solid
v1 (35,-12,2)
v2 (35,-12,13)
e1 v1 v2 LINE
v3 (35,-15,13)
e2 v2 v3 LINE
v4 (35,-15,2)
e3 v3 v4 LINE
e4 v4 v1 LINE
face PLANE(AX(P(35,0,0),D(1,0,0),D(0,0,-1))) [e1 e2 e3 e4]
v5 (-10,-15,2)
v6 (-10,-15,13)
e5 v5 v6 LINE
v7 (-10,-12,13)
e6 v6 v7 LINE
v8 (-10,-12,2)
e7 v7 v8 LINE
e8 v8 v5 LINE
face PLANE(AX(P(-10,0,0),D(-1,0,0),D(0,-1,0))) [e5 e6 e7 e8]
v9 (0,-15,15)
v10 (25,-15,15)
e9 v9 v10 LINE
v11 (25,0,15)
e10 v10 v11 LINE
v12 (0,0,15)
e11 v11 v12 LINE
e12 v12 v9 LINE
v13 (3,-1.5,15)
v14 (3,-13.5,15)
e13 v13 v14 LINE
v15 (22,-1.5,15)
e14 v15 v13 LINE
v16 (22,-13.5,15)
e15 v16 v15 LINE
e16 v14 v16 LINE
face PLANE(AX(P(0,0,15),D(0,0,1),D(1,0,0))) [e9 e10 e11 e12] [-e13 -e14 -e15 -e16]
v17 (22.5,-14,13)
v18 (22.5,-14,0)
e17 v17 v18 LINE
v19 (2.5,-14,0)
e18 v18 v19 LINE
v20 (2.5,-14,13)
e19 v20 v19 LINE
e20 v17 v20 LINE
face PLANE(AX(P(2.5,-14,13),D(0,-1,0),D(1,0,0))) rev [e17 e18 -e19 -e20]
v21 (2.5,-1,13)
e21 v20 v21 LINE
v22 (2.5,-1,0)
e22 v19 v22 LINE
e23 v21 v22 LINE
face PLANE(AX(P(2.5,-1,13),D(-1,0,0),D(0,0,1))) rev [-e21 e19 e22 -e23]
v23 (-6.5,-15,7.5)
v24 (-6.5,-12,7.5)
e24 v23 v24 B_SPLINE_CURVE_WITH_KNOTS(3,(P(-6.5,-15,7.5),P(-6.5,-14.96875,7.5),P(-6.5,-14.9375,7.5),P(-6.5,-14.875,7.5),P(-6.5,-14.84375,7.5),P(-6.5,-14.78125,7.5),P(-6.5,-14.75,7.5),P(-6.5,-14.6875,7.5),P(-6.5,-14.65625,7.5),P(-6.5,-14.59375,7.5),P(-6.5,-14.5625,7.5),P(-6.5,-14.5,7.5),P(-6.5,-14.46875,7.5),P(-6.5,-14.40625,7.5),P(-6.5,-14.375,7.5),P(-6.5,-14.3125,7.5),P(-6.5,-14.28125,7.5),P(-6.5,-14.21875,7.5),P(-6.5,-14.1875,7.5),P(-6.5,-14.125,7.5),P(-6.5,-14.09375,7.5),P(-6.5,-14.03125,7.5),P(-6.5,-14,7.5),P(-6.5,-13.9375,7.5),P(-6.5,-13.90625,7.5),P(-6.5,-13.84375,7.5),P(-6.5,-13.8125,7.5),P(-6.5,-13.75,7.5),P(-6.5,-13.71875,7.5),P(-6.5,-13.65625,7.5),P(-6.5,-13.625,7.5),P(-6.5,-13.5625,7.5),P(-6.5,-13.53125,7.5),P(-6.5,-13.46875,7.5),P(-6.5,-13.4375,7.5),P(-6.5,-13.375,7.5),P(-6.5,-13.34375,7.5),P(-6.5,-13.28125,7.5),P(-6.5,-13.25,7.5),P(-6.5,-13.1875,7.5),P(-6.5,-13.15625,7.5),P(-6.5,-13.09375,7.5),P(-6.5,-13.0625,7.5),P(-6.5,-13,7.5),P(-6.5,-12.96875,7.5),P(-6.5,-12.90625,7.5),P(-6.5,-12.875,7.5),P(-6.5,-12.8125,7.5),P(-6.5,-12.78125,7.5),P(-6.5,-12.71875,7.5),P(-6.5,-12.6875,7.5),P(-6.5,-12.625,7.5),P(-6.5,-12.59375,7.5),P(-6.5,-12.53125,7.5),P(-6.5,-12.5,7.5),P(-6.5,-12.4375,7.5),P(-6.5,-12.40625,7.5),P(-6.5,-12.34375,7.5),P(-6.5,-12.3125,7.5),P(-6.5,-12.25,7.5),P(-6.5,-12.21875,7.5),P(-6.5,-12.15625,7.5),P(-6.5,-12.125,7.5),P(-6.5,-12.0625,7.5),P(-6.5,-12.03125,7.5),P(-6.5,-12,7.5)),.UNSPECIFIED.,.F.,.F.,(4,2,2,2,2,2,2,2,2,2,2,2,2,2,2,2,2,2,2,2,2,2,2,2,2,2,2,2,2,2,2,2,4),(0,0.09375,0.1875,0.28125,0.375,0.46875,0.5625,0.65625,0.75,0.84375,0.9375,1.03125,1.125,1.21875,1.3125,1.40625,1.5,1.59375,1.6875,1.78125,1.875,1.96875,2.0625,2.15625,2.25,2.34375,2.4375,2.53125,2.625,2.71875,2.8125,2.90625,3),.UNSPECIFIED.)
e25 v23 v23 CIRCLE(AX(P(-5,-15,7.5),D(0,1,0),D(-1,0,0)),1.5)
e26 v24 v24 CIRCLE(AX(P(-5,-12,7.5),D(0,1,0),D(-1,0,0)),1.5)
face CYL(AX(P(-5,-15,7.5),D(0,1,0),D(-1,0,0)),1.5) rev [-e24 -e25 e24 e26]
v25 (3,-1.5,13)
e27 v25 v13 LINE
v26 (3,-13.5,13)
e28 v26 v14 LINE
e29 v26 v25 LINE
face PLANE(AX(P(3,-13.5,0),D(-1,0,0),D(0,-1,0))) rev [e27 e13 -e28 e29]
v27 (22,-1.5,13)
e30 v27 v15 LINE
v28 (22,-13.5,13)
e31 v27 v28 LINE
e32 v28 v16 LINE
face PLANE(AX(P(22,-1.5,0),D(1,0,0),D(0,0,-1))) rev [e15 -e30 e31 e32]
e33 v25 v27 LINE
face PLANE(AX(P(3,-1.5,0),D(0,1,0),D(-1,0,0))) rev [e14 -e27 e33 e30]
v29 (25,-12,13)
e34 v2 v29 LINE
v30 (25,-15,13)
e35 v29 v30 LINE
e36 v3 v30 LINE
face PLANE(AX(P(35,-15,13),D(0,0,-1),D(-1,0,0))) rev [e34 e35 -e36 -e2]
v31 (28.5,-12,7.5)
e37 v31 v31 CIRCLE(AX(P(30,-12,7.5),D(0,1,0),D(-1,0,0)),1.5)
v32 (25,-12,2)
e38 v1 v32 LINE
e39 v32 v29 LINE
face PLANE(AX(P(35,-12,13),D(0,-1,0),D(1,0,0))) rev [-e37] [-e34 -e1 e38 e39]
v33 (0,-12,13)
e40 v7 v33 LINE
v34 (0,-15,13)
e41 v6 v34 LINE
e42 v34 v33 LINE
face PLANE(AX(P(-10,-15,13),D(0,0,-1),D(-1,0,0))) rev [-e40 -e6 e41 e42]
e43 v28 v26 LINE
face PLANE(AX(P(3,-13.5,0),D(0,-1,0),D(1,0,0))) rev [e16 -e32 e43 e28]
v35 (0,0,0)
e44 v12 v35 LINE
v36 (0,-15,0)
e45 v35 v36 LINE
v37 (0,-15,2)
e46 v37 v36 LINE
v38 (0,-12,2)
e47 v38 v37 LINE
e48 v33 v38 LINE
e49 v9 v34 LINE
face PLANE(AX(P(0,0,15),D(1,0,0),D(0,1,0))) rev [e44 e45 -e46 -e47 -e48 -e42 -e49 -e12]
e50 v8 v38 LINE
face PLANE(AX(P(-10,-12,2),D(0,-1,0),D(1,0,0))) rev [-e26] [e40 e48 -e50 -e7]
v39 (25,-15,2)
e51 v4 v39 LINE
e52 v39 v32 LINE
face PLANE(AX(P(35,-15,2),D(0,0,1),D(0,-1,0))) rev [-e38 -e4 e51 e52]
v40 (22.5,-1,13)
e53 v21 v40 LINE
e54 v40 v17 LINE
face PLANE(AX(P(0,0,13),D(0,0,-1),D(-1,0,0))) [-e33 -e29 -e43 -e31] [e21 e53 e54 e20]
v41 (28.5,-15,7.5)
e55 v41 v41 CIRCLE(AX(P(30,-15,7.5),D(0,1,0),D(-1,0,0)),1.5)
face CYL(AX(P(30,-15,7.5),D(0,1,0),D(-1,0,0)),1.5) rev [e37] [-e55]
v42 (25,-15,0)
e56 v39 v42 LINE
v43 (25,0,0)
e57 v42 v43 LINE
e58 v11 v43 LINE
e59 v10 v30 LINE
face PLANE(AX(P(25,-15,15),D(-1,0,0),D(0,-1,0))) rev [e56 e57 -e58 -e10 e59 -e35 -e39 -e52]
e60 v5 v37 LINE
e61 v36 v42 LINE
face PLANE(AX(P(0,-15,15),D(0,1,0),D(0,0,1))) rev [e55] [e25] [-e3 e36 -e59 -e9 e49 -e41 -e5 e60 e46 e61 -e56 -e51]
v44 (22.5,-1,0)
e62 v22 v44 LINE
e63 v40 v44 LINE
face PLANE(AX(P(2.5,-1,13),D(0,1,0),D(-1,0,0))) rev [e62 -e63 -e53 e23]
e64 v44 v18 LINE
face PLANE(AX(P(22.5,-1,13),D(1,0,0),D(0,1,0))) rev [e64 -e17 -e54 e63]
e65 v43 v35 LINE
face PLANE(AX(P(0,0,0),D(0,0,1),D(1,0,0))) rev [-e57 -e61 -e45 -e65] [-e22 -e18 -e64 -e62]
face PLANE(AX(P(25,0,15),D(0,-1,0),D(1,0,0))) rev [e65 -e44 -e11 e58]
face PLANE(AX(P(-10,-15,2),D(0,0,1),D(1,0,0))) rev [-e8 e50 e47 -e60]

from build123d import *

# Parameters (mm, degrees)
SKETCH1_W           = 25
SKETCH1_H           = 15
BOSS_EXTRUDE1_DEPTH = 15
SKETCH2_W           = 20
SKETCH2_H           = 13
CUT_EXTRUDE1_DEPTH  = 13
SKETCH3_W           = 19
SKETCH3_H           = 12
CUT_EXTRUDE2_DEPTH  = 33.787192622
SKETCH10_W          = 11
SKETCH10_H          = 3
BOSS_EXTRUDE5_DEPTH = 10
SKETCH11_R          = 1.5
CUT_EXTRUDE4_DEPTH  = 32.527765541
SKETCH13_W          = 11
SKETCH13_H          = 3
BOSS_EXTRUDE6_DEPTH = 10
SKETCH14_R          = 1.5
CUT_EXTRUDE5_DEPTH  = 40.924929555


with BuildPart() as part:
    # Sketch1 → Boss-Extrude1 (new body)
    with BuildSketch(Plane.XY):
        with Locations((12.5, -7.5)):
            Rectangle(SKETCH1_W, SKETCH1_H)
    extrude(amount=BOSS_EXTRUDE1_DEPTH)

    # Sketch2 → Cut-Extrude1 (cut)
    with BuildSketch(Plane(origin=(0, 0, 0), x_dir=(-1, 0, 0), z_dir=(0, 0, -1))):
        with Locations((-12.5, -7.5)):
            Rectangle(SKETCH2_W, SKETCH2_H)
    extrude(amount=-CUT_EXTRUDE1_DEPTH, mode=Mode.SUBTRACT)

    # Sketch3 → Cut-Extrude2 (cut, through all)
    with BuildSketch(Plane.XY.offset(15)):
        with Locations((12.5, -7.5)):
            Rectangle(SKETCH3_W, SKETCH3_H)
    extrude(amount=-CUT_EXTRUDE2_DEPTH, mode=Mode.SUBTRACT)

    # Sketch10 → Boss-Extrude5 (add)
    with BuildSketch(Plane.ZY):
        with Locations((7.5, -13.5)):
            Rectangle(SKETCH10_W, SKETCH10_H)
    extrude(amount=BOSS_EXTRUDE5_DEPTH)

    # Sketch11 → Cut-Extrude4 (cut, through all)
    with BuildSketch(Plane(origin=(0, -12, 0), x_dir=(1, 0, 0), z_dir=(0, 1, 0))):
        with Locations(Location((-5, -7.5, 0), (0, 0, 180))):
            Circle(SKETCH11_R)
    extrude(amount=-CUT_EXTRUDE4_DEPTH, mode=Mode.SUBTRACT)

    # Sketch13 → Boss-Extrude6 (add)
    with BuildSketch(Plane(origin=(25, 0, 0), x_dir=(0, 0, -1), z_dir=(1, 0, 0))):
        with Locations((-7.5, -13.5)):
            Rectangle(SKETCH13_W, SKETCH13_H)
    extrude(amount=BOSS_EXTRUDE6_DEPTH)

    # Sketch14 → Cut-Extrude5 (cut, through all)
    with BuildSketch(Plane(origin=(0, -12, 0), x_dir=(1, 0, 0), z_dir=(0, 1, 0))):
        with Locations(Location((30, -7.5, 0), (0, 0, 180))):
            Circle(SKETCH14_R)
    extrude(amount=-CUT_EXTRUDE5_DEPTH, mode=Mode.SUBTRACT)


solid = part.part
